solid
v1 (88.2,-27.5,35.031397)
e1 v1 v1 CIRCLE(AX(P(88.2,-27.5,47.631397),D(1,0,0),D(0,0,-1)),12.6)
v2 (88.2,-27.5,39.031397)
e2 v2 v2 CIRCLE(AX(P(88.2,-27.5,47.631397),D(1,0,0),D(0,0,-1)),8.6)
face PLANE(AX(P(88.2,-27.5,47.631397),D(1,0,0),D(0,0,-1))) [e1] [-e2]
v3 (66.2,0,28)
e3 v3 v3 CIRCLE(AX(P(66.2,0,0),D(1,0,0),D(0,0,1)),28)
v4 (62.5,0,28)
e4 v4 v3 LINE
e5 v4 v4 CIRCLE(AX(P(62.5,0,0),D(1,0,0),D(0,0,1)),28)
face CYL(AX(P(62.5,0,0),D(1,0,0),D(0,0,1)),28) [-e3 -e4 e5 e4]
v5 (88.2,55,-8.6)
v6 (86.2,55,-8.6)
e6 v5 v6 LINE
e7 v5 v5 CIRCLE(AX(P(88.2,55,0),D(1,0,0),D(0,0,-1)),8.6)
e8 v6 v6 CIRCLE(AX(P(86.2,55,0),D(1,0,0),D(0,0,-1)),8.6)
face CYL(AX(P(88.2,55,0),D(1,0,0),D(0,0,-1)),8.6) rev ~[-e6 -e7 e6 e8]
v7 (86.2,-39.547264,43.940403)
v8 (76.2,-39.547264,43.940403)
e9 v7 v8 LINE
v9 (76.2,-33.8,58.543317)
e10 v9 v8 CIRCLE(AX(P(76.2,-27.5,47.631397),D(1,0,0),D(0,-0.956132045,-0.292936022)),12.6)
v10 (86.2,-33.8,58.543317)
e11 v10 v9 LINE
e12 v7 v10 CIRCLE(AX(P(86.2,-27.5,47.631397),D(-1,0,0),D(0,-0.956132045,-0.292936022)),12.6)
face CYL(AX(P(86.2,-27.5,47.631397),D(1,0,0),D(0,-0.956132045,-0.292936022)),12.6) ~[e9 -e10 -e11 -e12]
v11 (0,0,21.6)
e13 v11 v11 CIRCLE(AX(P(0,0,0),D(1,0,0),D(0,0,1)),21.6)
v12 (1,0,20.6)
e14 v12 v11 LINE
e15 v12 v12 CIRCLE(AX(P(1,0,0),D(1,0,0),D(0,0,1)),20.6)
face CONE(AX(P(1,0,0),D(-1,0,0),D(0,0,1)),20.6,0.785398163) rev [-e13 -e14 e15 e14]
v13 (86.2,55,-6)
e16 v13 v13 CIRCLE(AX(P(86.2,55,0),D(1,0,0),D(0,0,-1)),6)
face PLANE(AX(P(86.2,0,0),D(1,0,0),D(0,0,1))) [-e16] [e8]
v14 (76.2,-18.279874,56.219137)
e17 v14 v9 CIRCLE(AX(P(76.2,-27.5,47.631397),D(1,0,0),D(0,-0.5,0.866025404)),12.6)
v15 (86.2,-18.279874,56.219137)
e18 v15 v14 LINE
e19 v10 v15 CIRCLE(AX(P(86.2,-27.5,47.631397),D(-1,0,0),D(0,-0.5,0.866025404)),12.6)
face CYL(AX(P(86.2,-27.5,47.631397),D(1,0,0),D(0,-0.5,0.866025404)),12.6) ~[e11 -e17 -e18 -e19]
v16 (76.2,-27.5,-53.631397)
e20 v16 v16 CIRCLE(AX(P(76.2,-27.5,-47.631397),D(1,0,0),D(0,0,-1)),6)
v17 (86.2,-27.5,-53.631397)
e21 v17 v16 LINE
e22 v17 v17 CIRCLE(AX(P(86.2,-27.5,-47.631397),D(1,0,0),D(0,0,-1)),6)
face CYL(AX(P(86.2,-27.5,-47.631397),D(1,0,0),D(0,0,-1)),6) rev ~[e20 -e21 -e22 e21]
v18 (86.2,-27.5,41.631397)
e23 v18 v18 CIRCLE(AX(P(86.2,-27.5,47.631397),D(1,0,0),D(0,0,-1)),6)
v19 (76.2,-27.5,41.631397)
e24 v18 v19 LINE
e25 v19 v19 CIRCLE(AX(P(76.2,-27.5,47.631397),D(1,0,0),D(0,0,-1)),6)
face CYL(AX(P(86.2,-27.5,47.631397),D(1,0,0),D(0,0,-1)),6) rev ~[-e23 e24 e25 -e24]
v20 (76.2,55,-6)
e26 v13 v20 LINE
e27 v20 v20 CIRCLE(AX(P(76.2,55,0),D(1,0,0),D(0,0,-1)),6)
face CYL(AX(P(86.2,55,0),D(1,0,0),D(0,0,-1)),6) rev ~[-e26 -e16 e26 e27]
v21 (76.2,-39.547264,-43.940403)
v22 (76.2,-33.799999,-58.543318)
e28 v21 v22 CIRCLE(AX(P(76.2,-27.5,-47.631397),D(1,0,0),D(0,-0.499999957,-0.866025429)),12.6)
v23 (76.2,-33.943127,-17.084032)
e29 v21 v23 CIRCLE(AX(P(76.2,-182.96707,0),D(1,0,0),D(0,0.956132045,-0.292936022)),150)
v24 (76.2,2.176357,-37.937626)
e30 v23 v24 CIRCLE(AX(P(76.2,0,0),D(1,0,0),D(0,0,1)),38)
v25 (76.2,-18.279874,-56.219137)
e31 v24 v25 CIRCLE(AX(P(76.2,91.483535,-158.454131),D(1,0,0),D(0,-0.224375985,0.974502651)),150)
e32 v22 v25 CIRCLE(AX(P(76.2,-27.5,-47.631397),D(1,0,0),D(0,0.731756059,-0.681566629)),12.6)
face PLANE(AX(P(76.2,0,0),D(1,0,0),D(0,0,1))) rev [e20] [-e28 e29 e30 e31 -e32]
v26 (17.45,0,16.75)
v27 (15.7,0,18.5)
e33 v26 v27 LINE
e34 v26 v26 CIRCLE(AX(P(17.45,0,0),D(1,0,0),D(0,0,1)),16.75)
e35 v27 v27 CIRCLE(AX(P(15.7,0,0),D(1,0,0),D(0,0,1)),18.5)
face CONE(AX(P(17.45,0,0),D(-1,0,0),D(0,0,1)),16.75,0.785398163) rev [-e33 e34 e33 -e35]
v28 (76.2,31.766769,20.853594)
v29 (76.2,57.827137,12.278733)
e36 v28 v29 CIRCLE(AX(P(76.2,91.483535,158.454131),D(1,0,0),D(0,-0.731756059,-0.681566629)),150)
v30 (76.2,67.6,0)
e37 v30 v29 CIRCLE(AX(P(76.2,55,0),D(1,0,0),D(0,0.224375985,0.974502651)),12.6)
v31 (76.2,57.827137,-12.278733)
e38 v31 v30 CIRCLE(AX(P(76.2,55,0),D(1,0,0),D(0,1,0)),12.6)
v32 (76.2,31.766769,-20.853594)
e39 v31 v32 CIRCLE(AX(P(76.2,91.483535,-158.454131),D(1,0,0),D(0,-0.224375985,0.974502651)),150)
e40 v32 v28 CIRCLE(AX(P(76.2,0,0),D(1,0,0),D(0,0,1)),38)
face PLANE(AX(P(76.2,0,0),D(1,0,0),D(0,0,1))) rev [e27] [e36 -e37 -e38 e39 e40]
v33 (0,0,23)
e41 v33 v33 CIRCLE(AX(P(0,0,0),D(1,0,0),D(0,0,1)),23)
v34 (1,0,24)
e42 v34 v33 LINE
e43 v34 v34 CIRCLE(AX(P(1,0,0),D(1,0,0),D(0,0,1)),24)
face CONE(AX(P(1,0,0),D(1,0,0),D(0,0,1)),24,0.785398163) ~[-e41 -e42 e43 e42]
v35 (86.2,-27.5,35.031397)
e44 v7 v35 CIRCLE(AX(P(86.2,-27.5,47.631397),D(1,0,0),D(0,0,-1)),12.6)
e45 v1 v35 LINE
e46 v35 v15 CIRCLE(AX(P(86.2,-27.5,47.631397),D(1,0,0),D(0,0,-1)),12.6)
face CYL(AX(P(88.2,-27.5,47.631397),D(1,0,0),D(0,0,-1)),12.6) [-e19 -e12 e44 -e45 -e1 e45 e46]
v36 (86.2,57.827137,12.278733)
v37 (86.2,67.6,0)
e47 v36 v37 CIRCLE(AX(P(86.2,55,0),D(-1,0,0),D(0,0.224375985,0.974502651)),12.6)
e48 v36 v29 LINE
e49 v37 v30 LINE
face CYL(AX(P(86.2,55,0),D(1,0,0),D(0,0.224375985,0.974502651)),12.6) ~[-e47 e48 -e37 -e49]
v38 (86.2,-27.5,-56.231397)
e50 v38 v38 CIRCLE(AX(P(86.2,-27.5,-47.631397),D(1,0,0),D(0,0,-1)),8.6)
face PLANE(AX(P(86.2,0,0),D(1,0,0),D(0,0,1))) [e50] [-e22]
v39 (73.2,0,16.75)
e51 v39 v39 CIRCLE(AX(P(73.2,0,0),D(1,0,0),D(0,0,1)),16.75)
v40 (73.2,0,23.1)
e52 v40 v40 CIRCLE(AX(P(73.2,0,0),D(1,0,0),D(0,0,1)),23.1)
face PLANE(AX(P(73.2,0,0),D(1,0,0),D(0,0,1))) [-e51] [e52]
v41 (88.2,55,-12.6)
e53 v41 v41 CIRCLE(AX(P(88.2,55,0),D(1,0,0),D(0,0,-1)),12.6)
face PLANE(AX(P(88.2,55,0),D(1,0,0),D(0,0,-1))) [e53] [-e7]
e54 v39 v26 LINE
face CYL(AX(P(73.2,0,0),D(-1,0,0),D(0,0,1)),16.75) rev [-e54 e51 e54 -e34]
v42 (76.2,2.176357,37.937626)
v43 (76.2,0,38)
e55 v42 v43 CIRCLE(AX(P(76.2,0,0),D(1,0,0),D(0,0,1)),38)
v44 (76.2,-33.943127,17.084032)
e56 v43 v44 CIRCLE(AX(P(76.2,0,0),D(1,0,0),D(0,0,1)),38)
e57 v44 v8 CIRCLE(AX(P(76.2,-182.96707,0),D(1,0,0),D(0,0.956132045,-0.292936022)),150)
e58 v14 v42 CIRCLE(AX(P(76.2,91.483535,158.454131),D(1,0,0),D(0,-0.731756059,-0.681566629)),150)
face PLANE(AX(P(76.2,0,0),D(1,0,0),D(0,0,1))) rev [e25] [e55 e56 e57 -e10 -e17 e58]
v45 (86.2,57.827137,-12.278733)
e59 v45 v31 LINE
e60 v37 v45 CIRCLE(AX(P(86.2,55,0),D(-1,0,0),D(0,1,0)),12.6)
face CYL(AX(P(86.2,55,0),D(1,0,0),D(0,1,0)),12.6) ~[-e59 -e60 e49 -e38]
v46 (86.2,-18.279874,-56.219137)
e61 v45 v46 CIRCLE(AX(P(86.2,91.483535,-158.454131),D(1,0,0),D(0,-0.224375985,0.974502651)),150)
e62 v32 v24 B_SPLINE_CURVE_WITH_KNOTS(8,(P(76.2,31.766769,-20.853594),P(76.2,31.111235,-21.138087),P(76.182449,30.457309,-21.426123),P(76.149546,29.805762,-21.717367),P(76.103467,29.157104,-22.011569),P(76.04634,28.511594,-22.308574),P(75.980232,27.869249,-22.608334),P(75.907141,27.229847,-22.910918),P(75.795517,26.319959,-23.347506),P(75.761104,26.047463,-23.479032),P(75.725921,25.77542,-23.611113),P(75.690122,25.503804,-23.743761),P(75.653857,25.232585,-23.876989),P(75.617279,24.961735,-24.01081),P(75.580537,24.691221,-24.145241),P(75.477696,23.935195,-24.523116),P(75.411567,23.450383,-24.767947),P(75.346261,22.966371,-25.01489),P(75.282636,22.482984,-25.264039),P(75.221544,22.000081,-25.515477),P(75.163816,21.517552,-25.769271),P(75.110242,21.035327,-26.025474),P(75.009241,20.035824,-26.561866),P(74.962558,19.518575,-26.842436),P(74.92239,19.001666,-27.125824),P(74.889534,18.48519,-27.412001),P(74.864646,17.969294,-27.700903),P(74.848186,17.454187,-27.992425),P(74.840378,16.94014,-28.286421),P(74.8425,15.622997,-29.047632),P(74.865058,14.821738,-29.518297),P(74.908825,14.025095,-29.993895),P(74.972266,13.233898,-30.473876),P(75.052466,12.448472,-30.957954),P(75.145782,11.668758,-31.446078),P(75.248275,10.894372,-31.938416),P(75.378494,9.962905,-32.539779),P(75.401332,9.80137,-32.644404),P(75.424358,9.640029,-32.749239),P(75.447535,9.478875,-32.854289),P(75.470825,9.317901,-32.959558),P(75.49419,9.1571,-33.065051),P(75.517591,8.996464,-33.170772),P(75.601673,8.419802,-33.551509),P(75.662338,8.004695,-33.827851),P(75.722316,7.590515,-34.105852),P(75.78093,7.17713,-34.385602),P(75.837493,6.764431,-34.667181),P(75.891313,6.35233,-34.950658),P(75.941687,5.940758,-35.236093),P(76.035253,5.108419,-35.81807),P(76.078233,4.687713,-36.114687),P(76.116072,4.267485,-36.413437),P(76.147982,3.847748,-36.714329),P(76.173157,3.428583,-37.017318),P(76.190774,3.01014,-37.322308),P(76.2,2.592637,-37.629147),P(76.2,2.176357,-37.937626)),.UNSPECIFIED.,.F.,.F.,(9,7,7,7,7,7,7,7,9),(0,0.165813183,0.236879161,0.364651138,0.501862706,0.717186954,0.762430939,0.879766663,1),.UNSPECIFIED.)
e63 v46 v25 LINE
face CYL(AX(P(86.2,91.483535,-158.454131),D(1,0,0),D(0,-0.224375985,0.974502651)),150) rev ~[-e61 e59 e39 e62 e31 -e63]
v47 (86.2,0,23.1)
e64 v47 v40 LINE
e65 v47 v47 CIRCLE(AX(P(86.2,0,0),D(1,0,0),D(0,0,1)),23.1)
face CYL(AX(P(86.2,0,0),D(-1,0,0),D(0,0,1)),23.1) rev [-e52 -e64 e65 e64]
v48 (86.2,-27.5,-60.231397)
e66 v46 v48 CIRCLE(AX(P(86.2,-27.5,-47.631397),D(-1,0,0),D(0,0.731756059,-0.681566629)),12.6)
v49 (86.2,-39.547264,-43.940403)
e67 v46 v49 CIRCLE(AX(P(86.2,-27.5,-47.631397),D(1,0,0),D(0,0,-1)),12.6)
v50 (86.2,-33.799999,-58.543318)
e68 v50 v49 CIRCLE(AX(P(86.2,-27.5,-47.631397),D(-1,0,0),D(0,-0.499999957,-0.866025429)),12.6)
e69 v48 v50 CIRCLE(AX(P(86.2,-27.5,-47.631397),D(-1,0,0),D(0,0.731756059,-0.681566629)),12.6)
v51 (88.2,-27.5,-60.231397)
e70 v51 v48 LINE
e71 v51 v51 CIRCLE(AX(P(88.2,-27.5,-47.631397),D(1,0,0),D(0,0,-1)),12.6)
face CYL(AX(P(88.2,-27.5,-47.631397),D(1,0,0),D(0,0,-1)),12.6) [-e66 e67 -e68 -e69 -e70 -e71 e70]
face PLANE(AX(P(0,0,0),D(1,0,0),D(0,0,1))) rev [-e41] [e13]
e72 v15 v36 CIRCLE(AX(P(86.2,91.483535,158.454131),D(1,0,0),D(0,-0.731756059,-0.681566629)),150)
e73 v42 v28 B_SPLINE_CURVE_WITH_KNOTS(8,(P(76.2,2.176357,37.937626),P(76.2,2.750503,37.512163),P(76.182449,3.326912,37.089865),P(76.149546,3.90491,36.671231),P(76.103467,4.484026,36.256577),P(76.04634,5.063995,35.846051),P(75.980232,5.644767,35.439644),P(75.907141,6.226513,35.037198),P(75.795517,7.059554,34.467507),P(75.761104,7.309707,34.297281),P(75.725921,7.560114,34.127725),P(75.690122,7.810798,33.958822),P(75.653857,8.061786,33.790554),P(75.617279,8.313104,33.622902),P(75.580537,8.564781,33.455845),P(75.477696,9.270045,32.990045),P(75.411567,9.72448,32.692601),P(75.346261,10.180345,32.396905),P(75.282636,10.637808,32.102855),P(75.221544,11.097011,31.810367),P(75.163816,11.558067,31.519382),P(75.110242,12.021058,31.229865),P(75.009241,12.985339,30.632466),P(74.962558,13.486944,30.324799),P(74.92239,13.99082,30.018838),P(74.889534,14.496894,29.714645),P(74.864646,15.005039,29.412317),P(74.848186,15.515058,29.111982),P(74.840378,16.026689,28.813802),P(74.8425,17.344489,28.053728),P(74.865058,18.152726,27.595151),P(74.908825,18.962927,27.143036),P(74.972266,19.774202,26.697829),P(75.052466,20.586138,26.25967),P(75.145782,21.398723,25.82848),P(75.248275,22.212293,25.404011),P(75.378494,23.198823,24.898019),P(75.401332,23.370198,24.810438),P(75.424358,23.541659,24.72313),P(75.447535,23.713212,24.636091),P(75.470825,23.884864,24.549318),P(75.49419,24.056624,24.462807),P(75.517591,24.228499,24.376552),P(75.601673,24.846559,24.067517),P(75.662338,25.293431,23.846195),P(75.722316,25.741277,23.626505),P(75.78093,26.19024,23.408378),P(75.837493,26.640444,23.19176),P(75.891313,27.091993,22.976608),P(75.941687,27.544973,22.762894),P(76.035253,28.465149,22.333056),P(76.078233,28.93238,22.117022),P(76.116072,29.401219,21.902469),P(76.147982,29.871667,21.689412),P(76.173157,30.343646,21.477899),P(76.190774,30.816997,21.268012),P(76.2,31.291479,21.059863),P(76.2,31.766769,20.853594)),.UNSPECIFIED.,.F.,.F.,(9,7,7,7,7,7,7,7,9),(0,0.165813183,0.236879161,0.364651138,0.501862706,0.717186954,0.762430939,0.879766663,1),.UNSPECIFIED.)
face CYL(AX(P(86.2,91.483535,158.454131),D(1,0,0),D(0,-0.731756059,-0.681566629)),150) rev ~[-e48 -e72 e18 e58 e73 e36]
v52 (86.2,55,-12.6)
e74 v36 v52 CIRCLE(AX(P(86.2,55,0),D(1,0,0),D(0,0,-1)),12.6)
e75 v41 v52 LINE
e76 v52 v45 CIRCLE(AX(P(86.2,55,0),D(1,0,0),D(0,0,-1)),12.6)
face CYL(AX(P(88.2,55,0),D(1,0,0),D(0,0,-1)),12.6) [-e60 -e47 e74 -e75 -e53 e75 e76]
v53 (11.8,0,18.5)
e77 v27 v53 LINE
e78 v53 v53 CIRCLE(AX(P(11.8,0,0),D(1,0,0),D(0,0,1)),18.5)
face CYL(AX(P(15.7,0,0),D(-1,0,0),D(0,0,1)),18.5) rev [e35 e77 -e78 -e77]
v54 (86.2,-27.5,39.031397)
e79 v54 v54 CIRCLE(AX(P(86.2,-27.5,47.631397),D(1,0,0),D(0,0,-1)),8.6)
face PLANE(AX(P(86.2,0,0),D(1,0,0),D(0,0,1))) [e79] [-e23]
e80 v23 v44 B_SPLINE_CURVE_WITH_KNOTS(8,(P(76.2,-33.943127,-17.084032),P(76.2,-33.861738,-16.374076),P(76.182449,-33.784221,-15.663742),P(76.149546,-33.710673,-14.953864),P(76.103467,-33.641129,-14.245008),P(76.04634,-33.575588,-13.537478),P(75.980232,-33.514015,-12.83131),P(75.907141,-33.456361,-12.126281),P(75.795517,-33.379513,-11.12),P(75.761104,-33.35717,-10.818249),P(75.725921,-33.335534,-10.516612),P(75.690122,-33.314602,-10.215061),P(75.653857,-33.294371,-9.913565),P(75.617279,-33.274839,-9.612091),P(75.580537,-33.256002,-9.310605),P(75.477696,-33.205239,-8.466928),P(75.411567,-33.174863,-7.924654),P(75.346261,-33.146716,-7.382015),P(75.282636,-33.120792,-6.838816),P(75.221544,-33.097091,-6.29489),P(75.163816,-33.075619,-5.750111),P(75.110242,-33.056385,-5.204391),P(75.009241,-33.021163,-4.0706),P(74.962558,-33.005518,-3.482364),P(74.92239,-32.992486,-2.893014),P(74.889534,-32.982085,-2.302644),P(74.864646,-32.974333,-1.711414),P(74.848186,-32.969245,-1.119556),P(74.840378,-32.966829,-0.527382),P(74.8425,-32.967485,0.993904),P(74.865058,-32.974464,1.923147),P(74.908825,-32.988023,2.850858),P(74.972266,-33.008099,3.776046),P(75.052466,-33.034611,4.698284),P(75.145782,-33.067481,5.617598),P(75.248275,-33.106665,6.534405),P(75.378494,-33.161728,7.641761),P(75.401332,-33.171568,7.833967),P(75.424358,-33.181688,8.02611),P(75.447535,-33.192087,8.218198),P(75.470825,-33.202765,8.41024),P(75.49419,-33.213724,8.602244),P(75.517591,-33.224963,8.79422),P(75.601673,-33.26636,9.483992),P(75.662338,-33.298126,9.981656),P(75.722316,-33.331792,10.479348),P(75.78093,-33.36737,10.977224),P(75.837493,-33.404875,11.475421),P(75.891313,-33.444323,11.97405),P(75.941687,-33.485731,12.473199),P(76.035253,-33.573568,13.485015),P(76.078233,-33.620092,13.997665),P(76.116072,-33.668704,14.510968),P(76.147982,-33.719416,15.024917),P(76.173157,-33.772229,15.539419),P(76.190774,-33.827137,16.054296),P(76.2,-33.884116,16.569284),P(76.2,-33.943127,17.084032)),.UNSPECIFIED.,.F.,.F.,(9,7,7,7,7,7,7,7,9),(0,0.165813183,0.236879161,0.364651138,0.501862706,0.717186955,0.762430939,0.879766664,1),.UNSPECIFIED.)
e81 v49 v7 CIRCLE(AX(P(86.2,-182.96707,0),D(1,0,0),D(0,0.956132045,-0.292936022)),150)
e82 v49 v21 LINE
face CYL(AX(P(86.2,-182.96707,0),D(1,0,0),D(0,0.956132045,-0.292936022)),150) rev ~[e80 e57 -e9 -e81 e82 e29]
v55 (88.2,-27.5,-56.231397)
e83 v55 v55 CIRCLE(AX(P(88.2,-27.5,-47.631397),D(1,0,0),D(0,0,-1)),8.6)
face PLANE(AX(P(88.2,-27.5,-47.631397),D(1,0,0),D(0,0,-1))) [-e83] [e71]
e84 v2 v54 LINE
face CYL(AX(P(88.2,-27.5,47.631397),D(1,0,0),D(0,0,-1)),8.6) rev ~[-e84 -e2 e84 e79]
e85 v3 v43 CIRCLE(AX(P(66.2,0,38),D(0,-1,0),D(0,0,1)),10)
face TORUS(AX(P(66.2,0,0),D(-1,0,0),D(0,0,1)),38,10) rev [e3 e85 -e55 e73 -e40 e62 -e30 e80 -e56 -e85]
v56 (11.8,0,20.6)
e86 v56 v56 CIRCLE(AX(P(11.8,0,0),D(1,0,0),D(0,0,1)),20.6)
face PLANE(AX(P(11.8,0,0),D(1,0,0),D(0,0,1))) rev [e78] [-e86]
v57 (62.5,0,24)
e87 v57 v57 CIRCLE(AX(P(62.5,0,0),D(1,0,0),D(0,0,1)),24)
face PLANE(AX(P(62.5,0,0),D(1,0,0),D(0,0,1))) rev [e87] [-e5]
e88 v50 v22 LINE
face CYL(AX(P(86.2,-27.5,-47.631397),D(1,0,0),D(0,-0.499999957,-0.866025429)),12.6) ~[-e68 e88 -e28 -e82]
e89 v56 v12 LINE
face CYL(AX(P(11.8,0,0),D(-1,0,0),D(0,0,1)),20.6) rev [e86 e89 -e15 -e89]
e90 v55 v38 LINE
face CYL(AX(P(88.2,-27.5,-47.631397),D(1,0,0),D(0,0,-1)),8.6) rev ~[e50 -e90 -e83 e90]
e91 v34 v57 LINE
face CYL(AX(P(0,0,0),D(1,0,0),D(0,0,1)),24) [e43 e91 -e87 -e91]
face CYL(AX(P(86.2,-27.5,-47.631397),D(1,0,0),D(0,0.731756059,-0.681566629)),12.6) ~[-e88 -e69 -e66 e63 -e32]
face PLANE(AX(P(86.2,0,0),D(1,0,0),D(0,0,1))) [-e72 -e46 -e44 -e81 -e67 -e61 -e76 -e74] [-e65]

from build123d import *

# Parameters (mm, degrees)
CHAMFER1_SIZE       = 1
FILLET1_R           = 10
SKETCH2_R           = 6
CUT_EXTRUDE1_DEPTH  = 30
BOSS_EXTRUDE1_START = 2
SKETCH3_R           = 12.6
SKETCH3_R_2         = 8.6
BOSS_EXTRUDE1_DEPTH = 2


with BuildPart() as part:
    # Sketch1 → Revolve1 (revolve)
    with BuildSketch(Plane.XY, mode=Mode.PRIVATE) as revolve1_sk:
        Polygon((0, 24), (62.5, 24), (62.5, 28), (76.2, 28), (76.2, 67.6), (86.2, 67.6), (86.2, 23.1), (73.2, 23.1), (73.2, 16.75), (17.45, 16.75), (15.7, 18.5), (11.8, 18.5), (11.8, 20.6), (0, 20.6), align=None)
    revolve(revolve1_sk.sketch.rotate(Axis((0, 0, 0), (1, 0, 0)), 90), axis=Axis((0, 0, 0), (1, 0, 0)))

    # Chamfer1
    chamfer1_edges = [part.edges().sort_by_distance(p)[0] for p in [
        (0, 0, -24),
        (0, 0, -20.6),
    ]]
    chamfer(chamfer1_edges, length=CHAMFER1_SIZE)

    # Fillet1
    fillet1_edges = [part.edges().sort_by_distance(p)[0] for p in [
        (76.2, 0, -28),
    ]]
    fillet(fillet1_edges, radius=FILLET1_R)

    # Sketch2 → Cut-Extrude1 (cut)
    with BuildSketch(Plane(origin=(86.2, 0, 0), x_dir=(0, 0, -1), z_dir=(1, 0, 0))):
        with BuildLine():
            ThreePointArc((-58.543317297, -33.799999998), (-60.092446992, -25.63392436), (-56.219136733, -18.279873653))
            ThreePointArc((-56.219136733, -18.279873653), (-28.550320514, 16.483535234), (-12.278733405, 57.827137417))
            ThreePointArc((-12.278733405, 57.827137417), (-7.846593801, 64.858547851), (0, 67.6))
            ThreePointArc((0, 67.6), (-58.543317295, 33.800000001), (-58.543317297, -33.799999998))
        make_face()
        with BuildLine():
            ThreePointArc((67.6, 0), (47.800418408, 47.800418408), (0, 67.6))
            ThreePointArc((0, 67.6), (7.846593801, 64.858547851), (12.278733405, 57.827137417))
            ThreePointArc((12.278733405, 57.827137417), (28.550320514, 16.483535234), (56.219136733, -18.279873653))
            ThreePointArc((56.219136733, -18.279873653), (60.092446945, -25.633924049), (58.543317611, -33.799999453))
            ThreePointArc((58.543317611, -33.799999453), (65.296585939, -17.496167144), (67.6, 0))
        make_face()
        with BuildLine():
            ThreePointArc((-43.940403329, -39.547263763), (-52.245853192, -39.22462349), (-58.543317297, -33.799999998))
            ThreePointArc((-58.543317297, -33.799999998), (3.14e-07, -67.6), (58.543317611, -33.799999453))
            ThreePointArc((58.543317611, -33.799999453), (52.245853485, -39.224623374), (43.940403329, -39.547263763))
            ThreePointArc((43.940403329, -39.547263763), (0, -32.967070468), (-43.940403329, -39.547263763))
        make_face()
        with Locations((47.631397208, -27.5)):
            Circle(SKETCH2_R)
        with Locations((-47.631397208, -27.5)):
            Circle(SKETCH2_R)
        with Locations((0, 55)):
            Circle(SKETCH2_R)
    extrude(amount=-CUT_EXTRUDE1_DEPTH, mode=Mode.SUBTRACT)

    # Sketch3 → Boss-Extrude1 (add)
    # profile 1 of 3: a face of its own
    with BuildSketch(Plane(origin=(86.2, 0, 0), x_dir=(0, 0, -1), z_dir=(1, 0, 0)).offset(BOSS_EXTRUDE1_START)):
        with Locations((0, 55)):
            Circle(SKETCH3_R)
        with Locations((0, 55)):
            Circle(SKETCH3_R_2, mode=Mode.SUBTRACT)
    # profile 2 of 3: a face of its own
    with BuildSketch(Plane(origin=(86.2, 0, 0), x_dir=(0, 0, -1), z_dir=(1, 0, 0)).offset(BOSS_EXTRUDE1_START)):
        with Locations((47.631397208, -27.5)):
            Circle(SKETCH3_R)
        with Locations((47.631397208, -27.5)):
            Circle(SKETCH3_R_2, mode=Mode.SUBTRACT)
    # profile 3 of 3: a face of its own
    with BuildSketch(Plane(origin=(86.2, 0, 0), x_dir=(0, 0, -1), z_dir=(1, 0, 0)).offset(BOSS_EXTRUDE1_START)):
        with Locations((-47.631397208, -27.5)):
            Circle(SKETCH3_R)
        with Locations((-47.631397208, -27.5)):
            Circle(SKETCH3_R_2, mode=Mode.SUBTRACT)
    extrude(amount=-BOSS_EXTRUDE1_DEPTH)


solid = part.part
